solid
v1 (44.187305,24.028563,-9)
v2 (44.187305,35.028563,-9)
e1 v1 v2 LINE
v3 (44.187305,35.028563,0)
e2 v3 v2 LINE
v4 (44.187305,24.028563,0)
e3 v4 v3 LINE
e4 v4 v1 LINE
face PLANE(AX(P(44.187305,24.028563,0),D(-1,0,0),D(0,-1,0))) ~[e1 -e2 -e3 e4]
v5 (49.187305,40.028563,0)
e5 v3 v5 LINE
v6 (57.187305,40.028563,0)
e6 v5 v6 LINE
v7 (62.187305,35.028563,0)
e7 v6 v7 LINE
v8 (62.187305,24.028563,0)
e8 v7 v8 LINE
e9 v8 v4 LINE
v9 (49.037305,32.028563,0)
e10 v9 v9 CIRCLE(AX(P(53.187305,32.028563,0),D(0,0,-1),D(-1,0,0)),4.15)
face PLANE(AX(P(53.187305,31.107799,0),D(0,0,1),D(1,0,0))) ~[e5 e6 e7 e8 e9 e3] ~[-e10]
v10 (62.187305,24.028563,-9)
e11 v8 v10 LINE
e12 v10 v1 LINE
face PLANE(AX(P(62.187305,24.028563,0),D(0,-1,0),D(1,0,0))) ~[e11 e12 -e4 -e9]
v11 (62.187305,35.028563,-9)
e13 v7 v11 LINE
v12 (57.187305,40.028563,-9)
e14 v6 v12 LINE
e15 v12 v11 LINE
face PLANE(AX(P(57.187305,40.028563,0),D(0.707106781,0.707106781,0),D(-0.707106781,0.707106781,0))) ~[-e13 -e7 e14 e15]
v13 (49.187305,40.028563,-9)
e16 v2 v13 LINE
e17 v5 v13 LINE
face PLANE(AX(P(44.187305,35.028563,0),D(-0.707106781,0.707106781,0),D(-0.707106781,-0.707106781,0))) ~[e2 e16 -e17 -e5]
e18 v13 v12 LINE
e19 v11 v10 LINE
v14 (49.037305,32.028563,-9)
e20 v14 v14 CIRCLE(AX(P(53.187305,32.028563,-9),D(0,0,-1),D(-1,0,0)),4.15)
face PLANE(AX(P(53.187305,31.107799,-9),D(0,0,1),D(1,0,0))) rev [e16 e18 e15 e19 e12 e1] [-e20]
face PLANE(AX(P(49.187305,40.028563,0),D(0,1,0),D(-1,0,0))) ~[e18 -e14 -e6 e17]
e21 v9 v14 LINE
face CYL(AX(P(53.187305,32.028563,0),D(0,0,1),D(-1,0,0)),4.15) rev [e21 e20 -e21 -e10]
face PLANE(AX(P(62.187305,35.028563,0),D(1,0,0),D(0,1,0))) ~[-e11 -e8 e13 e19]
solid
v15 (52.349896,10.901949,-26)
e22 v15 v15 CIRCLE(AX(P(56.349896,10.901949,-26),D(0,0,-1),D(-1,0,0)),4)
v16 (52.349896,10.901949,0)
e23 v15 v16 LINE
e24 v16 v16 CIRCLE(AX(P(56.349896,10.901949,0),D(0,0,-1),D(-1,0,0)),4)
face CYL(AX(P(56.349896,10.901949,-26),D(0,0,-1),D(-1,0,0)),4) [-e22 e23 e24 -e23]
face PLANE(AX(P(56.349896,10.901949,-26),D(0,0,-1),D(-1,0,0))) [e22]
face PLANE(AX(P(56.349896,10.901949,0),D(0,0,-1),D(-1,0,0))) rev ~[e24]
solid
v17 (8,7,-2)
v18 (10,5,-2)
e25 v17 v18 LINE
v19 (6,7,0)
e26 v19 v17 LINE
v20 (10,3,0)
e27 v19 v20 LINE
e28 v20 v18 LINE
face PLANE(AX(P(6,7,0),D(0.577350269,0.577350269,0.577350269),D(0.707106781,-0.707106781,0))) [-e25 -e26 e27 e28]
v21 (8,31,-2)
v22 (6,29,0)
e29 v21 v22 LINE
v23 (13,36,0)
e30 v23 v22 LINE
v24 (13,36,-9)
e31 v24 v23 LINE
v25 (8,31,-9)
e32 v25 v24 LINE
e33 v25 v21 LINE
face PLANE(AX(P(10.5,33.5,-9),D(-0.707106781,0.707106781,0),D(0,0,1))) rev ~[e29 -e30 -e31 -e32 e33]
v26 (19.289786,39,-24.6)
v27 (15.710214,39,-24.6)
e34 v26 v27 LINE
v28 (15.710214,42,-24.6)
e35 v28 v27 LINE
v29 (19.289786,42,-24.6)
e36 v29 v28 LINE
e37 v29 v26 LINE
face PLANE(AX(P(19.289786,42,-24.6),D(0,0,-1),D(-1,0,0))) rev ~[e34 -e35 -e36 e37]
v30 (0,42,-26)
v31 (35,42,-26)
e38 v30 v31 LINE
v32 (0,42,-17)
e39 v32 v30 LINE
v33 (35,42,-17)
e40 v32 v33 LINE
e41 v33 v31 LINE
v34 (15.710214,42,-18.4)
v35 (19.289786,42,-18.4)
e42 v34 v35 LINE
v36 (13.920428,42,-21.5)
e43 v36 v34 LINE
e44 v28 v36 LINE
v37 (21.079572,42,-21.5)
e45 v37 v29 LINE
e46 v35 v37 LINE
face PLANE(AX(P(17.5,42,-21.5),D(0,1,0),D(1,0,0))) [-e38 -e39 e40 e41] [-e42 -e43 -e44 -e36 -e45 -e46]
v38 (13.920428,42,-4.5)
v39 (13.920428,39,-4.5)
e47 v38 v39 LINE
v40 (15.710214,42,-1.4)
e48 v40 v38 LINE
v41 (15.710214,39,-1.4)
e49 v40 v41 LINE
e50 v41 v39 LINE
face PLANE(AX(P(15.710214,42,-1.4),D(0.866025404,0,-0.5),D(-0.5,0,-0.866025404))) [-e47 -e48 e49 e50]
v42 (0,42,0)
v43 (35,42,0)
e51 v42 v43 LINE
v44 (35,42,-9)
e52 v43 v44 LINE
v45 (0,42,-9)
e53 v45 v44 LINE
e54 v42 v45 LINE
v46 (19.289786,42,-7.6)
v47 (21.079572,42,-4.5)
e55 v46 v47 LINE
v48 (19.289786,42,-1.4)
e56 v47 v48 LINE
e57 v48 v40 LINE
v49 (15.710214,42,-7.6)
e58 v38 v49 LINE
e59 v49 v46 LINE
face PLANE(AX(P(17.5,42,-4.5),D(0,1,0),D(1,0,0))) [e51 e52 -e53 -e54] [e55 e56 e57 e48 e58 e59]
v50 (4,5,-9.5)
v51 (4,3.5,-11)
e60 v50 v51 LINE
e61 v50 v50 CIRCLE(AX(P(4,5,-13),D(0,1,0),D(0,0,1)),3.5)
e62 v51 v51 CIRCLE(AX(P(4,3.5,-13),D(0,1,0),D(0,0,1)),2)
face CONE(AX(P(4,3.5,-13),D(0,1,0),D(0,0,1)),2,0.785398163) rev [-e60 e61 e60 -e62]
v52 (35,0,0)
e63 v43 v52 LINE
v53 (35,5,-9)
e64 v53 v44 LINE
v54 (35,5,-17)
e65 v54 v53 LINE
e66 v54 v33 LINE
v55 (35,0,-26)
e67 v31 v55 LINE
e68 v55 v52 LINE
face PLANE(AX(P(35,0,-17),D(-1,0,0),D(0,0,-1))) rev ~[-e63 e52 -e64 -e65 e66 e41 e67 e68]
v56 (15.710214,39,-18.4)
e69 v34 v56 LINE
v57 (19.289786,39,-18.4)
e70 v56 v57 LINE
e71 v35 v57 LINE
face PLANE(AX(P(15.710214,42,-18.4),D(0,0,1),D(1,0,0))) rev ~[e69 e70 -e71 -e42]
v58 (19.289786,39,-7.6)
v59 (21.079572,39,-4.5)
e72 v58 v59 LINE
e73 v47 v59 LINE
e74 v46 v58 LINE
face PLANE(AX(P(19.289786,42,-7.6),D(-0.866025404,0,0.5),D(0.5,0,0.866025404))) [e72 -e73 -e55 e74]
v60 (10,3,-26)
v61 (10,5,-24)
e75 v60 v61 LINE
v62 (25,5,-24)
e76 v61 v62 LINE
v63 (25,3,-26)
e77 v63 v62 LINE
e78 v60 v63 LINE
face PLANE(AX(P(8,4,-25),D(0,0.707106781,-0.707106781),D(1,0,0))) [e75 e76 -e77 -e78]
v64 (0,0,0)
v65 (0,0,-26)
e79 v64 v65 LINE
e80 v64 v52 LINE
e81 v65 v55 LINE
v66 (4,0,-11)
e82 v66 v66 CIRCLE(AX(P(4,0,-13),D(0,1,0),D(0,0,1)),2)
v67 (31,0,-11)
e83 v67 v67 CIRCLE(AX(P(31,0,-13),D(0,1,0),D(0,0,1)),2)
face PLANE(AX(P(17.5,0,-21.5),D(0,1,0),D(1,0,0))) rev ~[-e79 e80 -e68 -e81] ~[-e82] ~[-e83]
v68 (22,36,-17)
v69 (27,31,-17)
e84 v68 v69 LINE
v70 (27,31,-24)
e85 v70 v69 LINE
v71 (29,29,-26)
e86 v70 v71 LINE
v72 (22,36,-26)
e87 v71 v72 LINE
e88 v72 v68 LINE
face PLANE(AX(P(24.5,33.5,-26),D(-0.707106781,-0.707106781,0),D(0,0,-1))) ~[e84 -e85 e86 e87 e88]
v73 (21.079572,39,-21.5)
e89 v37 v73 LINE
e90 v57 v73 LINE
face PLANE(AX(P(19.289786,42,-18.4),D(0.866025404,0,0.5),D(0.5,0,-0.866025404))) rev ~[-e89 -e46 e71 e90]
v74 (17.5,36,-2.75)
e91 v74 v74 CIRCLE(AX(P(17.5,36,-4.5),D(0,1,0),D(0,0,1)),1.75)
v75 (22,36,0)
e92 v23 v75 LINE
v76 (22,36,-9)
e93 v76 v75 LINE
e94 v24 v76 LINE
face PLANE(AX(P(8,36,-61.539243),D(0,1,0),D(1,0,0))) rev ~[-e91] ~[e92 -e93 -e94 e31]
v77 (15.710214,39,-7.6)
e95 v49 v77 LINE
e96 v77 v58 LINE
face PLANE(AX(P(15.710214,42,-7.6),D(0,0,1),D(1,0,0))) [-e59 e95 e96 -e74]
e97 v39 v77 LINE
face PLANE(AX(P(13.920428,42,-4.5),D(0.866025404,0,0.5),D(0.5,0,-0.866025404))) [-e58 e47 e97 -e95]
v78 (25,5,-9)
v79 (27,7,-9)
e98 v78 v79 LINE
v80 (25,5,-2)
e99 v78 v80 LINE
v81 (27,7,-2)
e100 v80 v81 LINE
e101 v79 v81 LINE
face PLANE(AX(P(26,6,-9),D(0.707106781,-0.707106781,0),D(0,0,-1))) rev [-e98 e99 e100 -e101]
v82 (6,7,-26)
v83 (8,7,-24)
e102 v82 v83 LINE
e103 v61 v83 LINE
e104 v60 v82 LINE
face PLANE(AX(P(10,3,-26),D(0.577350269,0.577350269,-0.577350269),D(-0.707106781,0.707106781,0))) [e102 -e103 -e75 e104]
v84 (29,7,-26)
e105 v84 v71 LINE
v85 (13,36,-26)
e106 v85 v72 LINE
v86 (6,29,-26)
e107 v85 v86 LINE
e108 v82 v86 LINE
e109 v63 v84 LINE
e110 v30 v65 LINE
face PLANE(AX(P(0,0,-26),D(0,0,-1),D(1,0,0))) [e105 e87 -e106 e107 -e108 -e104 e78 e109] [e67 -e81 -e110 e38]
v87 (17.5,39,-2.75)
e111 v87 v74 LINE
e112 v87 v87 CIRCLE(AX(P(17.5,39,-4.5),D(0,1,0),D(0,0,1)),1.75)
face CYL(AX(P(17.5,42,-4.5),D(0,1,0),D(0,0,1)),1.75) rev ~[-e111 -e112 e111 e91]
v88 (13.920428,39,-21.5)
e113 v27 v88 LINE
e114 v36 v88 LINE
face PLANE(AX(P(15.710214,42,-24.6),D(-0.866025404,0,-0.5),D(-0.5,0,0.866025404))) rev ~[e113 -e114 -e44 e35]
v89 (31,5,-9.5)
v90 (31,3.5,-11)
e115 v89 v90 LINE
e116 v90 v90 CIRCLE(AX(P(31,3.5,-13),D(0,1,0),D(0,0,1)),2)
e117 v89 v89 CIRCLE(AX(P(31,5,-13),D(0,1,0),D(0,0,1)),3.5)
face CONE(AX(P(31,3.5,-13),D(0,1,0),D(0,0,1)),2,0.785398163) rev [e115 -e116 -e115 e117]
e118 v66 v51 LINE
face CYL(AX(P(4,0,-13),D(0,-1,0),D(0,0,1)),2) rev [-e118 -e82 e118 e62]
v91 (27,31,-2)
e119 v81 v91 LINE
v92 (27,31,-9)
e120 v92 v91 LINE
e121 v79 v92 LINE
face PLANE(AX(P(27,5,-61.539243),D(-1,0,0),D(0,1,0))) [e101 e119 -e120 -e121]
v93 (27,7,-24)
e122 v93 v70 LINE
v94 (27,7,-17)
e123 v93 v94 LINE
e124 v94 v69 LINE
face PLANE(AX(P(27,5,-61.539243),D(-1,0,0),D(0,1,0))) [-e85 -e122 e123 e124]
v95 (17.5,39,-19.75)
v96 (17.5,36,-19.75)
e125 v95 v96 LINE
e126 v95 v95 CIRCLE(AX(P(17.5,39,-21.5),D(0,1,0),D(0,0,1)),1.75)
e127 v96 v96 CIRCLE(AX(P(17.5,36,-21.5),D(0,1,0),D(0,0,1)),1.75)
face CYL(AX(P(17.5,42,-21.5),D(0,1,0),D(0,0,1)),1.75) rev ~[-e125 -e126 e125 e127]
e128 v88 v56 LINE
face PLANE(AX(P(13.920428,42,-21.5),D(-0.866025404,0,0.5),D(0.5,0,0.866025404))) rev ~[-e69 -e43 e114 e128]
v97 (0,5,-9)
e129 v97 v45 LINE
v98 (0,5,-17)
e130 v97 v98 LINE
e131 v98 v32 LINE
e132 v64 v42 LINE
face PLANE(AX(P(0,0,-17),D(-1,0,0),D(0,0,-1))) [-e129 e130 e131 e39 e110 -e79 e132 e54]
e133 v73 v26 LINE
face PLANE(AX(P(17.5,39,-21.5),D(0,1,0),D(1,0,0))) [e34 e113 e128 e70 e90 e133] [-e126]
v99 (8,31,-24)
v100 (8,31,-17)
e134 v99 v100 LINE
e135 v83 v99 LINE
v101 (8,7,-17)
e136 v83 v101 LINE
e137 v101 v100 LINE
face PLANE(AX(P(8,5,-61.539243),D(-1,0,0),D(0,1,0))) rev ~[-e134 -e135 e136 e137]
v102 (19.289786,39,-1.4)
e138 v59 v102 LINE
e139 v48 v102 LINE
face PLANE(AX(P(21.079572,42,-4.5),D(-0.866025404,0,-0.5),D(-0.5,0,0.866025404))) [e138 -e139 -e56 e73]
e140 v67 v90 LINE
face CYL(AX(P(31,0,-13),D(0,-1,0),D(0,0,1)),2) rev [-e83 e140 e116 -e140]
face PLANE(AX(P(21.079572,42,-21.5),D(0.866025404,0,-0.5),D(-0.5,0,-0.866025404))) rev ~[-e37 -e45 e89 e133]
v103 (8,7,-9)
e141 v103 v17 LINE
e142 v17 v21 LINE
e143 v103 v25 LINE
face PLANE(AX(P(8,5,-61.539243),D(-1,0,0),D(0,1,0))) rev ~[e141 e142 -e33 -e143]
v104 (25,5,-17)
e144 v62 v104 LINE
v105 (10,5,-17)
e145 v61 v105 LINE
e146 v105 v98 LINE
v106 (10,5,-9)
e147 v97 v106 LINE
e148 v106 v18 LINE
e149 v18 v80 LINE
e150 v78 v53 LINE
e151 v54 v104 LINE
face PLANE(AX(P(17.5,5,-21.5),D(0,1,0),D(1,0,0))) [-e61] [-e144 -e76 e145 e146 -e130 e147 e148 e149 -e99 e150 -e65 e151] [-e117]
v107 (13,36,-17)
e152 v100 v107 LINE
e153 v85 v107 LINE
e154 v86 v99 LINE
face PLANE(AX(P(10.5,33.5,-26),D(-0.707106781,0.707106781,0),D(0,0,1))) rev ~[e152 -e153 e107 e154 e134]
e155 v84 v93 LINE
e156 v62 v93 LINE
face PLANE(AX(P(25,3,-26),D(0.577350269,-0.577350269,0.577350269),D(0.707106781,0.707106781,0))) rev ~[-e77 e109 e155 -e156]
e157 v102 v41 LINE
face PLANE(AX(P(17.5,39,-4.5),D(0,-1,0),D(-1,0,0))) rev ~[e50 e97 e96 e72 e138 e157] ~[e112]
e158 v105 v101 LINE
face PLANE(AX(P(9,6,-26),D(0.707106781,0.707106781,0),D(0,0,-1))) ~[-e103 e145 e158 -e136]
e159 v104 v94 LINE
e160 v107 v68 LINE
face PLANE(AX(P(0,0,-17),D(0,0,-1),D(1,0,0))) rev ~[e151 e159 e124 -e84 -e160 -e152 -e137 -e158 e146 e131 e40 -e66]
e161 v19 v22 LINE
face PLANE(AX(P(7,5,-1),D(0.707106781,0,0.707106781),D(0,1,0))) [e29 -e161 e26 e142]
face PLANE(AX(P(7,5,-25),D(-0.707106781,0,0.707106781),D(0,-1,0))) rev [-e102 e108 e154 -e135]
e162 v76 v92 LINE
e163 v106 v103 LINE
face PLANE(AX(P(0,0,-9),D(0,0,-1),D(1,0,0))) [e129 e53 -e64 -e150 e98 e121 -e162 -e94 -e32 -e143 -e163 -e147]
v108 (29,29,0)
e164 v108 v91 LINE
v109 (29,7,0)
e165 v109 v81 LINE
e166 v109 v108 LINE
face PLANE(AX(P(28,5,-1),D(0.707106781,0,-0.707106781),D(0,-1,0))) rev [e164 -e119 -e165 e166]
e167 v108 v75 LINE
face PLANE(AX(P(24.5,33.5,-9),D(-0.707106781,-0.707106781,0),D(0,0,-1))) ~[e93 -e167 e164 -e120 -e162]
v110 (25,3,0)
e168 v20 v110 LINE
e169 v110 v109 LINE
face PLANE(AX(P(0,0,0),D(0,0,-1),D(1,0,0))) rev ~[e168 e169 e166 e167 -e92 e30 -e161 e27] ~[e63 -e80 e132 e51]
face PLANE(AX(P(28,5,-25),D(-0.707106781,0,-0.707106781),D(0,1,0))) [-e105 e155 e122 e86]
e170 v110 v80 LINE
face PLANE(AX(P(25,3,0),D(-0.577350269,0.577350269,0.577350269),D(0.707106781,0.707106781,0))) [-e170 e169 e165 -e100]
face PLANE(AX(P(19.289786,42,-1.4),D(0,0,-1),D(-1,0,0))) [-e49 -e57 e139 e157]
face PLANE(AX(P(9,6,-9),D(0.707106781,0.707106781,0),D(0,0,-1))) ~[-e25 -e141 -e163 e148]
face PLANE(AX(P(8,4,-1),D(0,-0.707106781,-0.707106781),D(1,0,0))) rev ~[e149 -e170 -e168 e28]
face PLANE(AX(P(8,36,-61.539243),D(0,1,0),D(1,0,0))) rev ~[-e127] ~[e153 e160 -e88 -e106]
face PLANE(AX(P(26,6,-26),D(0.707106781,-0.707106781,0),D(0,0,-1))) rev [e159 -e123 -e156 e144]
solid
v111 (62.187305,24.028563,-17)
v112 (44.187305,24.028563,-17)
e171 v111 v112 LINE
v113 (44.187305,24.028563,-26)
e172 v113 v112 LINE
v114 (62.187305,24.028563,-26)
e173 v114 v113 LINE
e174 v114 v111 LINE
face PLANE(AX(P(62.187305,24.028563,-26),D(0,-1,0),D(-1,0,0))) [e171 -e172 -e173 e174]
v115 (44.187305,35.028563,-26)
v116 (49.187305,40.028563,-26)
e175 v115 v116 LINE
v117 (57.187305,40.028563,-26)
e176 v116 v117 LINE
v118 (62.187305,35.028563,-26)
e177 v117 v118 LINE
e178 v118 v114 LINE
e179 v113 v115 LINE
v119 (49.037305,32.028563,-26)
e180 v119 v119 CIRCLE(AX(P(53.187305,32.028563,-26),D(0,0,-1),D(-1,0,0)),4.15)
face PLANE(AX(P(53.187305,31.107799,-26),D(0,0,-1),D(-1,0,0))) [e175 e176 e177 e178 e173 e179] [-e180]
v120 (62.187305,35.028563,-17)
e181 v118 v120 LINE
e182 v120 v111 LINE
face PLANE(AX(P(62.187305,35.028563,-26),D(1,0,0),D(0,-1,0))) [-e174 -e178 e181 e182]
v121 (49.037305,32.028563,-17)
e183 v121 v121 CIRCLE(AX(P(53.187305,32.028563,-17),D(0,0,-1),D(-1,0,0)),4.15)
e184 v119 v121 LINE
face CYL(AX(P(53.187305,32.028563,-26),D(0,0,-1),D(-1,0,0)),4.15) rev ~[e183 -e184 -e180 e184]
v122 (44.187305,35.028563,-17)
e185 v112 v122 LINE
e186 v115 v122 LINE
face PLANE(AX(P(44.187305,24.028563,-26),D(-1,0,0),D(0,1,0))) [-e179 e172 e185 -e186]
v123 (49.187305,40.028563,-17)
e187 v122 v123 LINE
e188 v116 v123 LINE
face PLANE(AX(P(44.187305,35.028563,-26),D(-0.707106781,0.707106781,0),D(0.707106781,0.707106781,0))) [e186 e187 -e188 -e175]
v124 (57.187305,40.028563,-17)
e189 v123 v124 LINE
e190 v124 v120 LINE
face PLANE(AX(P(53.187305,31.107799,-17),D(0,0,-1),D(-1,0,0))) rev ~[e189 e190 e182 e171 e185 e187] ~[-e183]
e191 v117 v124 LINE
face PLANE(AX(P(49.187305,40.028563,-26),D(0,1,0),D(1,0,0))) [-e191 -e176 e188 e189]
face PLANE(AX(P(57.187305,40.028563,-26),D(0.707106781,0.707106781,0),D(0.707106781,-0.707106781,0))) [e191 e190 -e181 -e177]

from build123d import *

# Parameters (mm, degrees)
SKETCH1_W               = 35
SKETCH1_H               = 9
SKETCH1_H_2             = 8
SKETCH1_R               = 2
SKETCH1_R_2             = 1.75
BOSS_EXTRUDE1_DEPTH     = 5
SKETCH1_3_W             = 35
SKETCH1_3_H             = 9
SKETCH1_3_R             = 1.75
BOSS_EXTRUDE2_DEPTH     = 42
CUT_EXTRUDE1_START      = 42
SKETCH1_4_R             = 1.75
CUT_EXTRUDE1_DEPTH      = 3
CUT_EXTRUDE2_START      = 42
SKETCH1_5_R             = 1.75
CUT_EXTRUDE2_DEPTH      = 37
CUT_EXTRUDE3_DEPTH      = 61.539243471
CUT_EXTRUDE3_DEPTH_BACK = 61.539243471
SKETCH2_W               = 19
SKETCH2_H               = 31
SKETCH2_R               = 4.15
CHAMFER1_SIZE           = 5
SKETCH3_R               = 4.15
BOSS_EXTRUDE3_DEPTH     = 9
CHAMFER2_SIZE           = 1.5
SKETCH4_R               = 4
BOSS_EXTRUDE4_DEPTH     = 26
CHAMFER3_SIZE           = 2


with BuildPart() as part:
    # Sketch1 → Boss-Extrude1 (new body)
    # profile 1 of 7: a face of its own
    with BuildSketch(Plane(origin=(0, 0, 0), x_dir=(1, 0, 0), z_dir=(0, 1, 0))):
        with Locations((17.5, 21.5)):
            Rectangle(SKETCH1_W, SKETCH1_H)
        Polygon((19.289785834, 18.4), (15.710214166, 18.4), (13.920428331, 21.5), (15.710214166, 24.6), (19.289785834, 24.6), (21.079571669, 21.5), align=None, mode=Mode.SUBTRACT)
    # profile 2 of 7: a face of its own
    with BuildSketch(Plane(origin=(0, 0, 0), x_dir=(1, 0, 0), z_dir=(0, 1, 0))):
        with Locations((17.5, 13)):
            Rectangle(SKETCH1_W, SKETCH1_H_2)
        with Locations(Location((4, 13, 0), (0, 0, 270))):
            Circle(SKETCH1_R, mode=Mode.SUBTRACT)
        with Locations(Location((31, 13, 0), (0, 0, 270))):
            Circle(SKETCH1_R, mode=Mode.SUBTRACT)
    # profile 3 of 7: a face of its own
    with BuildSketch(Plane(origin=(0, 0, 0), x_dir=(1, 0, 0), z_dir=(0, 1, 0))):
        with Locations((17.5, 4.5)):
            Rectangle(SKETCH1_W, SKETCH1_H)
        Polygon((19.289785834, 7.6), (21.079571669, 4.5), (19.289785834, 1.4), (15.710214166, 1.4), (13.920428331, 4.5), (15.710214166, 7.6), align=None, mode=Mode.SUBTRACT)
    # profile 4 of 7: a face of its own
    with BuildSketch(Plane(origin=(0, 0, 0), x_dir=(1, 0, 0), z_dir=(0, 1, 0))):
        Polygon((15.710214166, 24.6), (13.920428331, 21.5), (15.710214166, 18.4), (19.289785834, 18.4), (21.079571669, 21.5), (19.289785834, 24.6), align=None)
        with Locations((17.5, 21.5)):
            Circle(SKETCH1_R_2, mode=Mode.SUBTRACT)
    # profile 5 of 7: a face of its own
    with BuildSketch(Plane(origin=(0, 0, 0), x_dir=(1, 0, 0), z_dir=(0, 1, 0))):
        Polygon((19.289785834, 1.4), (15.710214166, 1.4), (13.920428331, 4.5), (15.710214166, 7.6), (19.289785834, 7.6), (21.079571669, 4.5), align=None)
        with Locations((17.5, 4.5)):
            Circle(SKETCH1_R_2, mode=Mode.SUBTRACT)
    # profile 6 of 7: a face of its own
    with BuildSketch(Plane(origin=(0, 0, 0), x_dir=(1, 0, 0), z_dir=(0, 1, 0))):
        with Locations((17.5, 4.5)):
            Circle(SKETCH1_R_2)
    # profile 7 of 7: a face of its own
    with BuildSketch(Plane(origin=(0, 0, 0), x_dir=(1, 0, 0), z_dir=(0, 1, 0))):
        with Locations((17.5, 21.5)):
            Circle(SKETCH1_R_2)
    extrude(amount=BOSS_EXTRUDE1_DEPTH)

    # Sketch1<3> → Boss-Extrude2 (add)
    # profile 1 of 6: a face of its own
    with BuildSketch(Plane(origin=(0, 0, 0), x_dir=(1, 0, 0), z_dir=(0, 1, 0))):
        with Locations((17.5, 21.5)):
            Rectangle(SKETCH1_3_W, SKETCH1_3_H)
        Polygon((19.289785834, 18.4), (15.710214166, 18.4), (13.920428331, 21.5), (15.710214166, 24.6), (19.289785834, 24.6), (21.079571669, 21.5), align=None, mode=Mode.SUBTRACT)
    # profile 2 of 6: a face of its own
    with BuildSketch(Plane(origin=(0, 0, 0), x_dir=(1, 0, 0), z_dir=(0, 1, 0))):
        with Locations((17.5, 4.5)):
            Rectangle(SKETCH1_3_W, SKETCH1_3_H)
        Polygon((19.289785834, 7.6), (21.079571669, 4.5), (19.289785834, 1.4), (15.710214166, 1.4), (13.920428331, 4.5), (15.710214166, 7.6), align=None, mode=Mode.SUBTRACT)
    # profile 3 of 6: a face of its own
    with BuildSketch(Plane(origin=(0, 0, 0), x_dir=(1, 0, 0), z_dir=(0, 1, 0))):
        Polygon((15.710214166, 24.6), (13.920428331, 21.5), (15.710214166, 18.4), (19.289785834, 18.4), (21.079571669, 21.5), (19.289785834, 24.6), align=None)
        with Locations((17.5, 21.5)):
            Circle(SKETCH1_3_R, mode=Mode.SUBTRACT)
    # profile 4 of 6: a face of its own
    with BuildSketch(Plane(origin=(0, 0, 0), x_dir=(1, 0, 0), z_dir=(0, 1, 0))):
        Polygon((19.289785834, 1.4), (15.710214166, 1.4), (13.920428331, 4.5), (15.710214166, 7.6), (19.289785834, 7.6), (21.079571669, 4.5), align=None)
        with Locations((17.5, 4.5)):
            Circle(SKETCH1_3_R, mode=Mode.SUBTRACT)
    # profile 5 of 6: a face of its own
    with BuildSketch(Plane(origin=(0, 0, 0), x_dir=(1, 0, 0), z_dir=(0, 1, 0))):
        with Locations((17.5, 4.5)):
            Circle(SKETCH1_3_R)
    # profile 6 of 6: a face of its own
    with BuildSketch(Plane(origin=(0, 0, 0), x_dir=(1, 0, 0), z_dir=(0, 1, 0))):
        with Locations((17.5, 21.5)):
            Circle(SKETCH1_3_R)
    extrude(amount=BOSS_EXTRUDE2_DEPTH)

    # Sketch1<4> → Cut-Extrude1 (cut)
    # profile 1 of 4: a face of its own
    with BuildSketch(Plane(origin=(0, 0, 0), x_dir=(1, 0, 0), z_dir=(0, 1, 0)).offset(CUT_EXTRUDE1_START)):
        Polygon((15.710214166, 24.6), (13.920428331, 21.5), (15.710214166, 18.4), (19.289785834, 18.4), (21.079571669, 21.5), (19.289785834, 24.6), align=None)
        with Locations((17.5, 21.5)):
            Circle(SKETCH1_4_R, mode=Mode.SUBTRACT)
    # profile 2 of 4: a face of its own
    with BuildSketch(Plane(origin=(0, 0, 0), x_dir=(1, 0, 0), z_dir=(0, 1, 0)).offset(CUT_EXTRUDE1_START)):
        Polygon((19.289785834, 1.4), (15.710214166, 1.4), (13.920428331, 4.5), (15.710214166, 7.6), (19.289785834, 7.6), (21.079571669, 4.5), align=None)
        with Locations((17.5, 4.5)):
            Circle(SKETCH1_4_R, mode=Mode.SUBTRACT)
    # profile 3 of 4: a face of its own
    with BuildSketch(Plane(origin=(0, 0, 0), x_dir=(1, 0, 0), z_dir=(0, 1, 0)).offset(CUT_EXTRUDE1_START)):
        with Locations((17.5, 4.5)):
            Circle(SKETCH1_4_R)
    # profile 4 of 4: a face of its own
    with BuildSketch(Plane(origin=(0, 0, 0), x_dir=(1, 0, 0), z_dir=(0, 1, 0)).offset(CUT_EXTRUDE1_START)):
        with Locations((17.5, 21.5)):
            Circle(SKETCH1_4_R)
    extrude(amount=-CUT_EXTRUDE1_DEPTH, mode=Mode.SUBTRACT)

    # Sketch1<5> → Cut-Extrude2 (cut)
    with BuildSketch(Plane(origin=(0, 0, 0), x_dir=(1, 0, 0), z_dir=(0, 1, 0)).offset(CUT_EXTRUDE2_START)):
        with Locations(Location((17.5, 21.5, 0), (0, 0, 270))):
            Circle(SKETCH1_5_R)
        with Locations(Location((17.5, 4.5, 0), (0, 0, 270))):
            Circle(SKETCH1_5_R)
    extrude(amount=-CUT_EXTRUDE2_DEPTH, mode=Mode.SUBTRACT)

    # Sketch2 → Cut-Extrude3 (cut, two sides: drawn at the far end of the back side and taken through both)
    # profile 1 of 2: a face of its own
    with BuildSketch(Plane.XY.offset(-CUT_EXTRUDE3_DEPTH_BACK)):
        with Locations((17.5, 20.5)):
            Rectangle(SKETCH2_W, SKETCH2_H)
        with Locations((17.5, 28)):
            Circle(SKETCH2_R, mode=Mode.SUBTRACT)
    # profile 2 of 2: a face of its own
    with BuildSketch(Plane.XY.offset(-CUT_EXTRUDE3_DEPTH_BACK)):
        with Locations((17.5, 28)):
            Circle(SKETCH2_R)
    extrude(amount=CUT_EXTRUDE3_DEPTH + CUT_EXTRUDE3_DEPTH_BACK, mode=Mode.SUBTRACT)

    # Chamfer1
    chamfer1_edges = [part.edges().sort_by_distance(p)[0] for p in [
        (27, 36, -4.5),
        (27, 36, -21.5),
        (8, 36, -4.5),
        (8, 36, -21.5),
    ]]
    chamfer(chamfer1_edges, length=CHAMFER1_SIZE)

    # Chamfer2
    chamfer2_edges = [part.edges().sort_by_distance(p)[0] for p in [
        (4, 5, -15),
        (31, 5, -15),
    ]]
    chamfer(chamfer2_edges, length=CHAMFER2_SIZE)

    # Chamfer3
    chamfer3_edges = [part.edges().sort_by_distance(p)[0] for p in [
        (8, 5, -4.5),
        (8, 18, 0),
        (8, 5, -21.5),
        (27, 5, -4.5),
        (17.5, 5, 0),
        (27, 5, -21.5),
        (17.5, 5, -26),
        (27, 18, 0),
        (8, 18, -26),
        (27, 18, -26),
    ]]
    chamfer(chamfer3_edges, length=CHAMFER3_SIZE)


with BuildPart() as body_2:
    # Sketch3 → Boss-Extrude3 (new body)
    with BuildSketch(Plane(origin=(0, 0, -26), x_dir=(-1, 0, 0), z_dir=(0, 0, -1))):
        Polygon((-57.187304591, 40.028562954), (-62.187304591, 35.028562954), (-62.187304591, 24.028562954), (-44.187304591, 24.028562954), (-44.187304591, 35.028562954), (-49.187304591, 40.028562954), align=None)
        with Locations((-53.187304591, 32.028562954)):
            Circle(SKETCH3_R, mode=Mode.SUBTRACT)
    extrude(amount=-BOSS_EXTRUDE3_DEPTH)


with BuildPart() as body_3:
    # Mirror2: mirrored copy
    add(body_2.part.mirror(Plane(origin=(0, 0, -13), x_dir=(1, 0, 0), z_dir=(0, 0, -1))))


with BuildPart() as body_4:
    # Sketch4 → Boss-Extrude4 (new body)
    with BuildSketch(Plane(origin=(0, 0, -26), x_dir=(-1, 0, 0), z_dir=(0, 0, -1))):
        with Locations((-56.349896332, 10.901949066)):
            Circle(SKETCH4_R)
    extrude(amount=-BOSS_EXTRUDE4_DEPTH)


solid = Compound([part.part, body_2.part, body_3.part, body_4.part])
